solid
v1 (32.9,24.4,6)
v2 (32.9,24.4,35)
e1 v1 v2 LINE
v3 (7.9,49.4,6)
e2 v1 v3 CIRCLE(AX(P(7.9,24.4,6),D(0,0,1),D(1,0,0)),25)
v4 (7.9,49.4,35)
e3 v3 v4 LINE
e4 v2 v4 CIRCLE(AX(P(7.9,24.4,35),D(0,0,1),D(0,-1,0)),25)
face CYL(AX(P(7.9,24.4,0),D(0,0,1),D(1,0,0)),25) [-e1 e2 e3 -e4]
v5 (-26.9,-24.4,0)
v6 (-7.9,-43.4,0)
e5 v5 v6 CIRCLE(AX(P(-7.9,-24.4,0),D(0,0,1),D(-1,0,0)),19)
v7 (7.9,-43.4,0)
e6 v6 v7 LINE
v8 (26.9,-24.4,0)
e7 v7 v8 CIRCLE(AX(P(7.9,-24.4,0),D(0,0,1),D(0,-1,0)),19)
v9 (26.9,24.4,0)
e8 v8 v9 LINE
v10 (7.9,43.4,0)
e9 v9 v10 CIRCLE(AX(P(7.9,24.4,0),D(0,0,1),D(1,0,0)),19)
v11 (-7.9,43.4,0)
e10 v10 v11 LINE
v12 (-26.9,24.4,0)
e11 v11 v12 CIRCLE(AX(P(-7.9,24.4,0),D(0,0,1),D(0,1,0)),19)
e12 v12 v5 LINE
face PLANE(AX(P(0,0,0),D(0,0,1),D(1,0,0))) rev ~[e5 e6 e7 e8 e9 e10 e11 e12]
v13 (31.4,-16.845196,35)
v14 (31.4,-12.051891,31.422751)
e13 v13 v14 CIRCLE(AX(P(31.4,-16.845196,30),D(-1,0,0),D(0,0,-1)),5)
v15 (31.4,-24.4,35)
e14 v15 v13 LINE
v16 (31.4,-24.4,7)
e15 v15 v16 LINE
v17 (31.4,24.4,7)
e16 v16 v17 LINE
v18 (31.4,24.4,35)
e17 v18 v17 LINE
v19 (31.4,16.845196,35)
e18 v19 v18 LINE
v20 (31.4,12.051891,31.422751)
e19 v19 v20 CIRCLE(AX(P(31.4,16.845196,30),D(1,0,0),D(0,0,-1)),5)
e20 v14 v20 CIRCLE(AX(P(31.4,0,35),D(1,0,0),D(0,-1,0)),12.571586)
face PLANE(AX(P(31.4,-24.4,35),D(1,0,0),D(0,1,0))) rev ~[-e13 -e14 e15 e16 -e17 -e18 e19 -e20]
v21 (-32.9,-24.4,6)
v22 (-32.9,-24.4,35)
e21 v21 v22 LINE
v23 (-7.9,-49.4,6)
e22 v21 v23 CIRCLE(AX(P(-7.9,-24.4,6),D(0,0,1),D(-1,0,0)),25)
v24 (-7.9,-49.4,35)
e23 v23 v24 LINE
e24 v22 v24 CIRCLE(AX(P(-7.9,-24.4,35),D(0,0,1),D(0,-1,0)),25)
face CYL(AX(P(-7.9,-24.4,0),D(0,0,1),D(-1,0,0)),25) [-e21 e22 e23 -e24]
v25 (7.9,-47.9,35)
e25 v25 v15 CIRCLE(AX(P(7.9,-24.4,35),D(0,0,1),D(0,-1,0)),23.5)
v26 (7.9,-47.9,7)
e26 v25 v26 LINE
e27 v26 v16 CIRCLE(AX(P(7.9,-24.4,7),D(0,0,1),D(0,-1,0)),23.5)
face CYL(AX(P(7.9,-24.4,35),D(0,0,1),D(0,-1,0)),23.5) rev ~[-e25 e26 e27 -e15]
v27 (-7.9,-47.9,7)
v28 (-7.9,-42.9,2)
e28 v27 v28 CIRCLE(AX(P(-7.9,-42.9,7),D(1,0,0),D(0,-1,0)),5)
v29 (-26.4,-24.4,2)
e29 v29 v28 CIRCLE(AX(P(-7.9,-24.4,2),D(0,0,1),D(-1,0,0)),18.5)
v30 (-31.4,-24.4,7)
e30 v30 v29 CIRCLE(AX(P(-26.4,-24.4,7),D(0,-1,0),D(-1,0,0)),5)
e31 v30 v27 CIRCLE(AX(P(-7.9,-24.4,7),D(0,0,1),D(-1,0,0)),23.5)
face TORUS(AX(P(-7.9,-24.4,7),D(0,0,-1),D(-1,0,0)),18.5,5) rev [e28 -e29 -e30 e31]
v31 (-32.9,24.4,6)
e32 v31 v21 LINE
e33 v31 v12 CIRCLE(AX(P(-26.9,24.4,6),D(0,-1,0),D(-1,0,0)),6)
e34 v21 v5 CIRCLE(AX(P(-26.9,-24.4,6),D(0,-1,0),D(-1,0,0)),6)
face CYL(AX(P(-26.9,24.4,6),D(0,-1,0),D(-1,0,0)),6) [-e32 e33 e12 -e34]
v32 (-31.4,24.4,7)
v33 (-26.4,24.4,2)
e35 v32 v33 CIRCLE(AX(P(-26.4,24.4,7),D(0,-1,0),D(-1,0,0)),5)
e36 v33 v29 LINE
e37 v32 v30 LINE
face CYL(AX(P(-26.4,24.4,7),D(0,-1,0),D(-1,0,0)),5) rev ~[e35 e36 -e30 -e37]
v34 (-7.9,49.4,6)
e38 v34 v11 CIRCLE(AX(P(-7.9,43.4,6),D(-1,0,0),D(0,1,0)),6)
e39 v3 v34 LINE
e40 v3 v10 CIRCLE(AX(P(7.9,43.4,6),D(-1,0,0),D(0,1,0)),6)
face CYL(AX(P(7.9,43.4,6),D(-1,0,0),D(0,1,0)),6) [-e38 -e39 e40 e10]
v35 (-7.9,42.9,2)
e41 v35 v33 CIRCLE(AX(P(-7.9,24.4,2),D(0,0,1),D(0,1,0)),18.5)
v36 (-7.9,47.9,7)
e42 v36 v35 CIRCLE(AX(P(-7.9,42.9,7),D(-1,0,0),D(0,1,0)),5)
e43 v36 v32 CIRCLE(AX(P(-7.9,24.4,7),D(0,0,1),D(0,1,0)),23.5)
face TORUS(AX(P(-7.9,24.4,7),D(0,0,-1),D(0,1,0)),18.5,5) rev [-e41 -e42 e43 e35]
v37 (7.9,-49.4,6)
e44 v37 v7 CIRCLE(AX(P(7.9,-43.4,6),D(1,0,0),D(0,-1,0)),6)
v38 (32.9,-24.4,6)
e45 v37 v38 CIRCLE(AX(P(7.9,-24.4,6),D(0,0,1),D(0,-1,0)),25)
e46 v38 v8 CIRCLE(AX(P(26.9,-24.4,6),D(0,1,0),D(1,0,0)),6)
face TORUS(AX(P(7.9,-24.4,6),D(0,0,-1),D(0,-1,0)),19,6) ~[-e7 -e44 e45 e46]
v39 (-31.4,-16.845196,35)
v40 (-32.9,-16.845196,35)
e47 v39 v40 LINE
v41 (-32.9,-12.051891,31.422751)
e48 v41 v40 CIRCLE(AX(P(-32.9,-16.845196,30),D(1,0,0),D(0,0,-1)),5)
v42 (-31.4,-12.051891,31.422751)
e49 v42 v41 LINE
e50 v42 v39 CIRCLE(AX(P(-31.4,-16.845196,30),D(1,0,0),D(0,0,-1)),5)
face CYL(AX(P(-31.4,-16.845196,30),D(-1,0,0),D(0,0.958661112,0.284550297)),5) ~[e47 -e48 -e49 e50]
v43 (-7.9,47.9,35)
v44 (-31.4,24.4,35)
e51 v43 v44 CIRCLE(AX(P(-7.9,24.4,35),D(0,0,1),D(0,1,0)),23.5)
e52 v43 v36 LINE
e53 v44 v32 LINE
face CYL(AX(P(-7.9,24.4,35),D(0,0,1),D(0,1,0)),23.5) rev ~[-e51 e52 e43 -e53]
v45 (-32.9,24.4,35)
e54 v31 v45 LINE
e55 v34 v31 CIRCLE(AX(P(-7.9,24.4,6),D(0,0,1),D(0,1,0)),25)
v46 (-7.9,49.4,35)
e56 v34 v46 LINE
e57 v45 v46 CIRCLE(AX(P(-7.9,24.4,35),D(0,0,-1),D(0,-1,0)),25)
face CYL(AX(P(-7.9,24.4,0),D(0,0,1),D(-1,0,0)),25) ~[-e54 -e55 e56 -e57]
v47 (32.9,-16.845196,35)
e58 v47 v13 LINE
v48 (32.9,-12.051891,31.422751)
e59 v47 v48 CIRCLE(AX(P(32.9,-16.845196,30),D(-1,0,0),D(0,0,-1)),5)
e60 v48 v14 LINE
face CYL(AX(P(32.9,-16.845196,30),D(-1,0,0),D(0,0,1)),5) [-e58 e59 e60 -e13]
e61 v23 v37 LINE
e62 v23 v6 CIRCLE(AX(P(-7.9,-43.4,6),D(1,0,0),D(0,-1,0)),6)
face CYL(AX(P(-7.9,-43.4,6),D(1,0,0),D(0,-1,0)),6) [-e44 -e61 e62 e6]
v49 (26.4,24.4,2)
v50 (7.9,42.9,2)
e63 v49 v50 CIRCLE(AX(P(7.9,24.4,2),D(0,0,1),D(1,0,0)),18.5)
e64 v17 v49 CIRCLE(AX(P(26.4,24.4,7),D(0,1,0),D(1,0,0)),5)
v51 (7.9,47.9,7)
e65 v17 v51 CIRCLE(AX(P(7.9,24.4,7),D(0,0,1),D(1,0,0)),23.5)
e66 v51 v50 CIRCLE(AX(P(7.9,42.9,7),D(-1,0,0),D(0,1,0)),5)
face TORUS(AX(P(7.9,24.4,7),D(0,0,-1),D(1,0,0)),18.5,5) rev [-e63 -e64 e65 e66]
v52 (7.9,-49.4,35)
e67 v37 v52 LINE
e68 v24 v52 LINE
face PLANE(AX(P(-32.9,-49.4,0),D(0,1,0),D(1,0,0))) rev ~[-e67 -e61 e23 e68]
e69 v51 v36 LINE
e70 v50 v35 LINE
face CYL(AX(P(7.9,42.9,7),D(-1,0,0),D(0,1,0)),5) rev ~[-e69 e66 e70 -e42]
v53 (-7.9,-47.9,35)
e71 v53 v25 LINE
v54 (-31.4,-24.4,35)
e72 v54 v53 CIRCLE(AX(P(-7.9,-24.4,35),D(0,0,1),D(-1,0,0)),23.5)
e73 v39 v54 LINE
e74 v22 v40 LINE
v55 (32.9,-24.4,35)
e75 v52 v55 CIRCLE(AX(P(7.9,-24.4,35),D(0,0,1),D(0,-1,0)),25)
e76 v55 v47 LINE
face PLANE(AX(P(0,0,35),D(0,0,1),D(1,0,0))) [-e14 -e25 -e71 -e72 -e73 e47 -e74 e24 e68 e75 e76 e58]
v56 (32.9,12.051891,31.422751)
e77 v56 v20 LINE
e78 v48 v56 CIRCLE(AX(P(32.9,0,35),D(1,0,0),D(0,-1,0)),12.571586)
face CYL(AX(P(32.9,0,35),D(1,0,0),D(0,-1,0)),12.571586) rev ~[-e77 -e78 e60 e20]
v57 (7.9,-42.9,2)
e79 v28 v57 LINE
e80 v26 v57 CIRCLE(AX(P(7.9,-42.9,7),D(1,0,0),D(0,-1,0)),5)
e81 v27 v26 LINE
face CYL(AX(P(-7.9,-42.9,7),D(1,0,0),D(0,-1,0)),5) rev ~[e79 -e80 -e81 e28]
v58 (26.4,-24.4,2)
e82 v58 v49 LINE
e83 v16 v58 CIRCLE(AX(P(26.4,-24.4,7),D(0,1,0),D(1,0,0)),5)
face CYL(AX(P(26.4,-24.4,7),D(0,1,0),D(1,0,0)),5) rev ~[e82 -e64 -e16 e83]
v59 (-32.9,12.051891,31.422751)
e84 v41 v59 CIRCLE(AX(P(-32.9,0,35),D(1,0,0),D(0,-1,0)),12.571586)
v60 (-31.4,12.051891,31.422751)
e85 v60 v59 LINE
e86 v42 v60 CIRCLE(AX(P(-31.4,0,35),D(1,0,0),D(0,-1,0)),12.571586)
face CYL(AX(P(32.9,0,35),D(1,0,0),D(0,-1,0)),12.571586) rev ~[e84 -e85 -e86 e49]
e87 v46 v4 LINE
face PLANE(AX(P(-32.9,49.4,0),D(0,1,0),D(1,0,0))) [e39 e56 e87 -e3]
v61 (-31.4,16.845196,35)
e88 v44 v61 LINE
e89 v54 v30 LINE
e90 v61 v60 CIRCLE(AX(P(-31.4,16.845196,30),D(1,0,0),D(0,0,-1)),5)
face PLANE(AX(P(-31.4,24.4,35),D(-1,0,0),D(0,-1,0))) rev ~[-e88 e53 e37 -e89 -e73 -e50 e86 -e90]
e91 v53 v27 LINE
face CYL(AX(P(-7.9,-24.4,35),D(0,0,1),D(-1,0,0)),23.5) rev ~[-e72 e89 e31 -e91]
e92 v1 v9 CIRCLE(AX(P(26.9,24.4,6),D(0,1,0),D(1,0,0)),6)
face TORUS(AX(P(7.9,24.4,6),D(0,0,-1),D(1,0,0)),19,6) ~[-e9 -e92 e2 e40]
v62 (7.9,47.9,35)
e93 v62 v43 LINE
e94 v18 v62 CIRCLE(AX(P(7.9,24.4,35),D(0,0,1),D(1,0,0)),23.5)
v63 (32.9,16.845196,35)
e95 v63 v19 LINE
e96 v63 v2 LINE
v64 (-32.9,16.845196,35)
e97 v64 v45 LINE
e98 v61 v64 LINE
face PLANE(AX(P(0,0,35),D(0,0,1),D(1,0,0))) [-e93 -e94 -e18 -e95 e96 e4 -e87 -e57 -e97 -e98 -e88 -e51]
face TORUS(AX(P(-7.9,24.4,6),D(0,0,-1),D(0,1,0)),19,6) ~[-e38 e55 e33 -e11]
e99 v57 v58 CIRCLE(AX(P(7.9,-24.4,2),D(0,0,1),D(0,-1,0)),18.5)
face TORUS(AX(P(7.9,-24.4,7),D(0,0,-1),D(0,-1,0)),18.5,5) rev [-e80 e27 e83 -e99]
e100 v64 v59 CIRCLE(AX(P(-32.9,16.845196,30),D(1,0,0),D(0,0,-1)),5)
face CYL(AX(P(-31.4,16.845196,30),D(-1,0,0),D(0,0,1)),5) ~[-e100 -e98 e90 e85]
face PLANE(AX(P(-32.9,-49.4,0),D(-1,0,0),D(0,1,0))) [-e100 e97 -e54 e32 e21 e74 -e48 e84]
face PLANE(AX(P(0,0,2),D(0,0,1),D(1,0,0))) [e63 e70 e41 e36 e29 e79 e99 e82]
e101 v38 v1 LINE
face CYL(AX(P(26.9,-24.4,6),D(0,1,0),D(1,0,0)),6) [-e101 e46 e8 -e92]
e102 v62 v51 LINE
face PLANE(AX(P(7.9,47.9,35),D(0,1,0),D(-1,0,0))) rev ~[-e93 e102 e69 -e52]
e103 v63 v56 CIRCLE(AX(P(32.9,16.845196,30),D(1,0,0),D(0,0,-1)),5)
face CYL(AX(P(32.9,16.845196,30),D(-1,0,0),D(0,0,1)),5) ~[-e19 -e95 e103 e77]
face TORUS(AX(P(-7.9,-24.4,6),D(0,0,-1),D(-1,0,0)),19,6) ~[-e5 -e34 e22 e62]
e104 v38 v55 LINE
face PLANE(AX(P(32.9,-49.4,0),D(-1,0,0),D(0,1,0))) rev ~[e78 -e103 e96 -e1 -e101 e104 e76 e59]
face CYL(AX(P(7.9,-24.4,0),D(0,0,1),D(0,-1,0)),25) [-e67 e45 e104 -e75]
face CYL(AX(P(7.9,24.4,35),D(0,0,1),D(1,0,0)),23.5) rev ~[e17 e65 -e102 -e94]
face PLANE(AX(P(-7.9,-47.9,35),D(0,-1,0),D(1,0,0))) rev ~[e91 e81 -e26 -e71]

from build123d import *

# Parameters (mm, degrees)
F0_W     = 65.8
F0_H     = 98.8
F1_DEPTH = 35
F2_R     = 25
F4_DEPTH = 33
F6_DEPTH = 65.801
F7_R     = 5
F8_R     = 5
F9_R     = 6


with BuildPart() as f1:
    # F0 (on Top) → F1 (new body)
    with BuildSketch(Plane.XY):
        Rectangle(F0_W, F0_H)
    extrude(amount=F1_DEPTH)

    # F2
    f2_edges = [f1.edges().sort_by_distance(p)[0] for p in [
        (32.9, 49.4, 17.5),
        (-32.9, 49.4, 17.5),
        (32.9, -49.4, 17.5),
        (-32.9, -49.4, 17.5),
    ]]
    fillet(f2_edges, radius=F2_R)

    # F3 (on face) → F4 (cut)
    with BuildSketch(Plane.XY.offset(35)):
        with BuildLine():
            Line((31.4, -24.4), (31.4, 24.4))
            ThreePointArc((31.4, 24.4), (24.5170093579, 41.0170093579), (7.9, 47.9))
            Line((7.9, 47.9), (-7.9, 47.9))
            ThreePointArc((-7.9, 47.9), (-24.5170093579, 41.0170093579), (-31.4, 24.4))
            Line((-31.4, 24.4), (-31.4, -24.4))
            ThreePointArc((-31.4, -24.4), (-24.5170093579, -41.0170093579), (-7.9, -47.9))
            Line((-7.9, -47.9), (7.9, -47.9))
            ThreePointArc((7.9, -47.9), (24.5170093579, -41.0170093579), (31.4, -24.4))
        make_face()
    extrude(amount=-F4_DEPTH, mode=Mode.SUBTRACT)

    # F5 (on face) → F6 (cut, through all)
    with BuildSketch(Plane.YZ.offset(32.9)):
        with BuildLine():
            ThreePointArc((-12.5715859231, 35), (0, 22.4284140769), (12.5715859231, 35))
            Line((12.5715859231, 35), (-12.5715859231, 35))
        make_face()
    extrude(amount=-F6_DEPTH, mode=Mode.SUBTRACT)

    # F7
    f7_edges = [f1.edges().sort_by_distance(p)[0] for p in [
        (32.15, 12.571586, 35),
        (-32.15, 12.571586, 35),
        (32.15, -12.571586, 35),
        (-32.15, -12.571586, 35),
    ]]
    fillet(f7_edges, radius=F7_R)

    # F8
    f8_edges = [f1.edges().sort_by_distance(p)[0] for p in [
        (-24.517009, 41.017009, 2),
    ]]
    fillet(f8_edges, radius=F8_R)

    # F9
    f9_edges = [f1.edges().sort_by_distance(p)[0] for p in [
        (-25.57767, -42.07767, 0),
    ]]
    fillet(f9_edges, radius=F9_R)


solid = f1.part
